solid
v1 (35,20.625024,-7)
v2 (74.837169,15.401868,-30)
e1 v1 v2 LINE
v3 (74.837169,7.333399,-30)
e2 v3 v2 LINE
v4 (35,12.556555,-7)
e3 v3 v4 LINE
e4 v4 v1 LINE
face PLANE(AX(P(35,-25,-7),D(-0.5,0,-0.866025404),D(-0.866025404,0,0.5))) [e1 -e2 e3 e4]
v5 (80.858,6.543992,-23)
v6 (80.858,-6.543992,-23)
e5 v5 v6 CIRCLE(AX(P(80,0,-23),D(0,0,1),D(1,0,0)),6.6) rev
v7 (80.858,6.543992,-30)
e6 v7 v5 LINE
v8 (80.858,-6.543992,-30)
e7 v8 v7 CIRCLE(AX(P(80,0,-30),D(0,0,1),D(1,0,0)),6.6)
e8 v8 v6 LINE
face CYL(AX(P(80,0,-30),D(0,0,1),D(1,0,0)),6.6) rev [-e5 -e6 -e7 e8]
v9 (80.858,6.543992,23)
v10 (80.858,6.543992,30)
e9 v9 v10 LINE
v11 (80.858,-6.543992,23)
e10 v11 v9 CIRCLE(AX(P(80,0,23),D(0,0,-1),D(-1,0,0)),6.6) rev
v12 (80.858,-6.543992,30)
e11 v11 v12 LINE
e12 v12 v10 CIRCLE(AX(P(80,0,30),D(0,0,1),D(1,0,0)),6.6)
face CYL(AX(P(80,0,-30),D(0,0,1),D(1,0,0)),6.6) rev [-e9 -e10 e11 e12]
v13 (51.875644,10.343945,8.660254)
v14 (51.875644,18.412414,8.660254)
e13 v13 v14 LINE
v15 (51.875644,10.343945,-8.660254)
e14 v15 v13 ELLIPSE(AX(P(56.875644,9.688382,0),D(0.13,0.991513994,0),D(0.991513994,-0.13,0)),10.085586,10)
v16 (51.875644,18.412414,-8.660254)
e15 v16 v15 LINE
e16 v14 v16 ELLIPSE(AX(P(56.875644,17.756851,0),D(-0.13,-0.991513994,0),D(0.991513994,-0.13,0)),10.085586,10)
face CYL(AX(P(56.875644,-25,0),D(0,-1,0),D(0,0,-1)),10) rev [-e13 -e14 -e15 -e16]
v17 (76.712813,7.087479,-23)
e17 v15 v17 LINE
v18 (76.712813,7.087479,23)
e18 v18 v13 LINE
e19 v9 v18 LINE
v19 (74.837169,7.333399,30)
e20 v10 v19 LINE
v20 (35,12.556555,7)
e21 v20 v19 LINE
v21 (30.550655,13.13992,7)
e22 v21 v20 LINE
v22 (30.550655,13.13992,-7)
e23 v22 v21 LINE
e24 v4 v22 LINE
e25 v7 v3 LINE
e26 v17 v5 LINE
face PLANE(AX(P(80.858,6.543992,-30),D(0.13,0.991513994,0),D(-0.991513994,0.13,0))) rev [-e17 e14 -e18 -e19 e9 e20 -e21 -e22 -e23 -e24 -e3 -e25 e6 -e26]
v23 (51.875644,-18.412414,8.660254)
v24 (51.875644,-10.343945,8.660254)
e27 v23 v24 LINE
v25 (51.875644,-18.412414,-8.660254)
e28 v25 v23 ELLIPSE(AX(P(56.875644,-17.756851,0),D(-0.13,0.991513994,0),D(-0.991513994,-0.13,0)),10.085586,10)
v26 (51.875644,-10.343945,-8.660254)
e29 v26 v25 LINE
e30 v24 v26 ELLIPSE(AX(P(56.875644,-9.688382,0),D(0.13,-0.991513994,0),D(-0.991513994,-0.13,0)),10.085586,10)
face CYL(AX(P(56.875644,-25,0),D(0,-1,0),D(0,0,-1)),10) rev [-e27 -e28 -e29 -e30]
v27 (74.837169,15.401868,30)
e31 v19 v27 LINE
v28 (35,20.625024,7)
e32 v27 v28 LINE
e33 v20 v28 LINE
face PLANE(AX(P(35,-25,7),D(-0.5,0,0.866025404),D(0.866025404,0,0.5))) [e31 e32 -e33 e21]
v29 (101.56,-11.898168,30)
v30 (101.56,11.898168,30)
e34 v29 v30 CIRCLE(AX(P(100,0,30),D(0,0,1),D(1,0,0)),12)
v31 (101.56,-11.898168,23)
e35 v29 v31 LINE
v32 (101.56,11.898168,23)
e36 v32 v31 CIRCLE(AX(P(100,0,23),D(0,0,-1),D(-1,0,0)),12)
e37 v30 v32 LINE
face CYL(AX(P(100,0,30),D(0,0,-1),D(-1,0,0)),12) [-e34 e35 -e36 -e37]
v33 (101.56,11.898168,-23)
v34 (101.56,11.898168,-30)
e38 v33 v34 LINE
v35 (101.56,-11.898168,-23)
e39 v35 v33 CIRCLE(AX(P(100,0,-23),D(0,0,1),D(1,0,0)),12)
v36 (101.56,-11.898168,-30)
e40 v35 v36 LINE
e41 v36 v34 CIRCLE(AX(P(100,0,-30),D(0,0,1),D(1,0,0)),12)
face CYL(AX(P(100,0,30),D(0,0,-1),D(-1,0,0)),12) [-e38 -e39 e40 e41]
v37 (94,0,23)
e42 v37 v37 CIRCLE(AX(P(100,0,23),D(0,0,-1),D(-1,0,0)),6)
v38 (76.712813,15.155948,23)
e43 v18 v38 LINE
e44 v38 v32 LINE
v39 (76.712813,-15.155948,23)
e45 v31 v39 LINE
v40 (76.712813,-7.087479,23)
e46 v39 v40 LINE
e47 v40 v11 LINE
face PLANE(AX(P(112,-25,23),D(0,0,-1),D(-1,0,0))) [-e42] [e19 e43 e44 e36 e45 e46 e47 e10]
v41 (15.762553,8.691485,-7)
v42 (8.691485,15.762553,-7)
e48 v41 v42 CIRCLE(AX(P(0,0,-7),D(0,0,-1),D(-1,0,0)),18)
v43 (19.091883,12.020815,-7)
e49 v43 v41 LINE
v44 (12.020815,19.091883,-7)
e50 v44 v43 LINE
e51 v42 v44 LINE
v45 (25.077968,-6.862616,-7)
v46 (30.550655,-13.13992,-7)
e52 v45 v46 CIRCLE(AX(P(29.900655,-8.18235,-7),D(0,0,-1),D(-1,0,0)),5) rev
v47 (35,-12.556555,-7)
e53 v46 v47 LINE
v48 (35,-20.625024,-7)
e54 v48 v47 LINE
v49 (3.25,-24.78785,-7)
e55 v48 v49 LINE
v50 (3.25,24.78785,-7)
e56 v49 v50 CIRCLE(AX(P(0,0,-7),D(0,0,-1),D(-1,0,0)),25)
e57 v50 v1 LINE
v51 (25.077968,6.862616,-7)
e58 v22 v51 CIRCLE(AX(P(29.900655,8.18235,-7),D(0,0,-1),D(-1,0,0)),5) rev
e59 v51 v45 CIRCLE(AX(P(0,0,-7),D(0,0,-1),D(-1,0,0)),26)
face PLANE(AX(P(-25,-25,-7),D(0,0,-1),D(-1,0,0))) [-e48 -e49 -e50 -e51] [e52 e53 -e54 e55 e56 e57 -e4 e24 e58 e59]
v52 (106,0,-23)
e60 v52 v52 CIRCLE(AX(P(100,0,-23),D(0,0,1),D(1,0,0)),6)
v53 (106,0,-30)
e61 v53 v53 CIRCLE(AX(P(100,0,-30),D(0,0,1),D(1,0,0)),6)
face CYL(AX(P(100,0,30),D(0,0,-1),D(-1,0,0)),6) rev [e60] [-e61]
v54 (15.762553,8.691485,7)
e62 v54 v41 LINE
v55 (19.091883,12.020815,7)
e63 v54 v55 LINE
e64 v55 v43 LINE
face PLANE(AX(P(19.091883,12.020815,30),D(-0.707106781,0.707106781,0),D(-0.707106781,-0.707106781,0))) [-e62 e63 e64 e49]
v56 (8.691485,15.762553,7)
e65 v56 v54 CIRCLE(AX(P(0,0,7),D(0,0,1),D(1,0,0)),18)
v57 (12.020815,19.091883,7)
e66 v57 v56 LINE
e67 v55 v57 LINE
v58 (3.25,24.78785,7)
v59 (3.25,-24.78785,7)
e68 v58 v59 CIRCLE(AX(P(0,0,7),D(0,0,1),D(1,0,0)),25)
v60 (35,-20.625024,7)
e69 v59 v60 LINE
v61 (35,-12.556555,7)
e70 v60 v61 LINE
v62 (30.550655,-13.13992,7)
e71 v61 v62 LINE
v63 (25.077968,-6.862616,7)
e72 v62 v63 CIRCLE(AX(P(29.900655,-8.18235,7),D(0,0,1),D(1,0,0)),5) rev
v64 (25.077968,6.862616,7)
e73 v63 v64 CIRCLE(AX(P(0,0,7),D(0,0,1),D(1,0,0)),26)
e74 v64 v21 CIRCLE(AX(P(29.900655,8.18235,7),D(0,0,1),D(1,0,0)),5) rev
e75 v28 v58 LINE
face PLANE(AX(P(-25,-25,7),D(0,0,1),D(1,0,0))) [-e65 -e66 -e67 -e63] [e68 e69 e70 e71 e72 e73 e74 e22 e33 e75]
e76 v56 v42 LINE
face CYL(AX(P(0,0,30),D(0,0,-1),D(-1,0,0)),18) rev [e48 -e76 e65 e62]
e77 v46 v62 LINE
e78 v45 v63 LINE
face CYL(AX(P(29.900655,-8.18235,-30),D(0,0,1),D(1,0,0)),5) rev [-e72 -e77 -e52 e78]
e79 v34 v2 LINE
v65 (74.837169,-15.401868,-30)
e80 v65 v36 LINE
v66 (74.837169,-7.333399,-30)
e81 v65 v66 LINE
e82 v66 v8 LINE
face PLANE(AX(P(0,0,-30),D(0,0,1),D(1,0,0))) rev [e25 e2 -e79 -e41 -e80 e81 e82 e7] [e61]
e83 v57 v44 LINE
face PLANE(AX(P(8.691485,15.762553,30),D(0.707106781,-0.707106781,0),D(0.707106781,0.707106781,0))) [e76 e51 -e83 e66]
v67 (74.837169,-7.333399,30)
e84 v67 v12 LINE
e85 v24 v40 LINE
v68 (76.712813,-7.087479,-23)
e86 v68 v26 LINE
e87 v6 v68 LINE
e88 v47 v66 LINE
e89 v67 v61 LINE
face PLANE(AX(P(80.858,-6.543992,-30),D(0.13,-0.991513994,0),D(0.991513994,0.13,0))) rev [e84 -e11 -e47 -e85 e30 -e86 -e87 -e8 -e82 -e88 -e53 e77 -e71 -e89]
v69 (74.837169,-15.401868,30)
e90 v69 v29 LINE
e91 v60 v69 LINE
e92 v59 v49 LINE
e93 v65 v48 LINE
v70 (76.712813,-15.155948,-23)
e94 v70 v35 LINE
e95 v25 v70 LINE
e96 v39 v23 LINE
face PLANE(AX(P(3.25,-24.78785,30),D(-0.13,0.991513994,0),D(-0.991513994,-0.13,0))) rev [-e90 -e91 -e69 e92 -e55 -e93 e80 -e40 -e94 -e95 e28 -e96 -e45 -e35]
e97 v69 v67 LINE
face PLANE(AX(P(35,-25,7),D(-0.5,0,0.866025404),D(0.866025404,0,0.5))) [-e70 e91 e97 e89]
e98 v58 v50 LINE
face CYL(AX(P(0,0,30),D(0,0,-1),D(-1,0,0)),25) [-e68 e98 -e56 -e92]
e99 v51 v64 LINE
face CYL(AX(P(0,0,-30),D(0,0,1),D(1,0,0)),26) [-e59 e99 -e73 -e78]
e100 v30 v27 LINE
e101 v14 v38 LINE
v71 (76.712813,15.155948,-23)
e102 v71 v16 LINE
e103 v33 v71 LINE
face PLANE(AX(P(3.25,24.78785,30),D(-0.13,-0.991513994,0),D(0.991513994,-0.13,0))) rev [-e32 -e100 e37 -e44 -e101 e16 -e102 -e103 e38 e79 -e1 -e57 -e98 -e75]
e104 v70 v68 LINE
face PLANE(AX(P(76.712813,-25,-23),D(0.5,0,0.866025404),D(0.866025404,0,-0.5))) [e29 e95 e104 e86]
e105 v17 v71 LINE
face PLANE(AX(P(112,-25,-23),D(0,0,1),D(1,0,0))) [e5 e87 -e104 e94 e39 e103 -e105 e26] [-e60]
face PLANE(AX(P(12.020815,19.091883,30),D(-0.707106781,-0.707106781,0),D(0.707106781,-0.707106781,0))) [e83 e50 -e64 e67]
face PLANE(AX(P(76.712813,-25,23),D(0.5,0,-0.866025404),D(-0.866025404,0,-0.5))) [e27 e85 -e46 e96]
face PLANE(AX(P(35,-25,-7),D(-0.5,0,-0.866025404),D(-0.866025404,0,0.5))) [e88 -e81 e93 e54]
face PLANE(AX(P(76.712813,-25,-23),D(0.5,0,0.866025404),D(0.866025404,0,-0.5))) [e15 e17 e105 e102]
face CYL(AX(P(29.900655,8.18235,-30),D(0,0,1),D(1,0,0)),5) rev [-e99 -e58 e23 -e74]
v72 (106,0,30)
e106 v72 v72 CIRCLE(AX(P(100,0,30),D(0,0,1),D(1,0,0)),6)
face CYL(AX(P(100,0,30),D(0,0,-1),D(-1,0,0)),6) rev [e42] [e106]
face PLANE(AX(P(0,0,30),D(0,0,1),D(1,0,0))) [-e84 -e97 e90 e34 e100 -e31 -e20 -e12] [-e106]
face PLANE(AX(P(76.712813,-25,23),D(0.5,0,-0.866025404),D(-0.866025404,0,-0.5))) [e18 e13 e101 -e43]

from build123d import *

# Parameters (mm, degrees)
SKETCH1_R               = 6
BOSS_EXTRUDE1_DEPTH     = 30
CUT_EXTRUDE1_DEPTH      = 61
SKETCH3_OUTSIDE_W       = 170.54
SKETCH3_OUTSIDE_H       = 93.54
CUT_EXTRUDE2_DEPTH      = 26
CUT_EXTRUDE2_DEPTH_BACK = 26
FILLET1_R               = 10


with BuildPart() as part:
    # Sketch1 → Boss-Extrude1 (new body, symmetric)
    with BuildSketch(Plane.XY):
        with BuildLine():
            Line((3.25, 24.787849846), (101.56, 11.898167926))
            ThreePointArc((101.56, 11.898167926), (112, 0), (101.56, -11.898167926))
            Line((101.56, -11.898167926), (3.25, -24.787849846))
            ThreePointArc((3.25, -24.787849846), (-25, 0), (3.25, 24.787849846))
        make_face()
        with Locations((100, 0)):
            Circle(SKETCH1_R, mode=Mode.SUBTRACT)
        with BuildLine():
            Line((8.691485355, 15.762553167), (12.02081528, 19.091883092))
            Line((12.02081528, 19.091883092), (19.091883092, 12.02081528))
            Line((19.091883092, 12.02081528), (15.762553167, 8.691485355))
            ThreePointArc((15.762553167, 8.691485355), (-12.727922061, -12.727922061), (8.691485355, 15.762553167))
        make_face(mode=Mode.SUBTRACT)
    extrude(amount=BOSS_EXTRUDE1_DEPTH, both=True)

    # Sketch2 → Cut-Extrude1 (cut, through all)
    with BuildSketch(Plane.XY.offset(30)):
        with BuildLine():
            Line((80.858, 6.543992359), (30.550654544, 13.139920354))
            ThreePointArc((30.550654544, 13.139920354), (26.131839925, 11.468082627), (25.077968327, 6.862616452))
            ThreePointArc((25.077968327, 6.862616452), (26, 0), (25.077968327, -6.862616452))
            ThreePointArc((25.077968327, -6.862616452), (26.131839925, -11.468082627), (30.550654544, -13.139920354))
            Line((30.550654544, -13.139920354), (80.858, -6.543992359))
            ThreePointArc((80.858, -6.543992359), (86.6, 0), (80.858, 6.543992359))
        make_face()
    extrude(amount=-CUT_EXTRUDE1_DEPTH, mode=Mode.SUBTRACT)

    # Sketch3 outside → Cut-Extrude2 (cut, two sides)
    with BuildSketch(Plane(origin=(0, 0, 0), x_dir=(1, 0, 0), z_dir=(0, 1, 0))) as cut_extrude2_sk:
        with Locations((43.5, 0)):
            Rectangle(SKETCH3_OUTSIDE_W, SKETCH3_OUTSIDE_H)
        Polygon((-25, 7), (35, 7), (74.837168574, 30), (112, 30), (112, 23), (76.712812921, 23), (36.875644347, 0), (76.712812921, -23), (112, -23), (112, -30), (74.837168574, -30), (35, -7), (-25, -7), align=None, mode=Mode.SUBTRACT)
    extrude(amount=CUT_EXTRUDE2_DEPTH, mode=Mode.SUBTRACT)
    extrude(cut_extrude2_sk.sketch, amount=-CUT_EXTRUDE2_DEPTH_BACK, mode=Mode.SUBTRACT)

    # Fillet1
    fillet1_edges = [part.edges().sort_by_distance(p)[0] for p in [
        (36.875644347, -16.344868893, 0),
        (36.875644347, 16.344868893, 0),
    ]]
    fillet(fillet1_edges, radius=FILLET1_R)


solid = part.part
